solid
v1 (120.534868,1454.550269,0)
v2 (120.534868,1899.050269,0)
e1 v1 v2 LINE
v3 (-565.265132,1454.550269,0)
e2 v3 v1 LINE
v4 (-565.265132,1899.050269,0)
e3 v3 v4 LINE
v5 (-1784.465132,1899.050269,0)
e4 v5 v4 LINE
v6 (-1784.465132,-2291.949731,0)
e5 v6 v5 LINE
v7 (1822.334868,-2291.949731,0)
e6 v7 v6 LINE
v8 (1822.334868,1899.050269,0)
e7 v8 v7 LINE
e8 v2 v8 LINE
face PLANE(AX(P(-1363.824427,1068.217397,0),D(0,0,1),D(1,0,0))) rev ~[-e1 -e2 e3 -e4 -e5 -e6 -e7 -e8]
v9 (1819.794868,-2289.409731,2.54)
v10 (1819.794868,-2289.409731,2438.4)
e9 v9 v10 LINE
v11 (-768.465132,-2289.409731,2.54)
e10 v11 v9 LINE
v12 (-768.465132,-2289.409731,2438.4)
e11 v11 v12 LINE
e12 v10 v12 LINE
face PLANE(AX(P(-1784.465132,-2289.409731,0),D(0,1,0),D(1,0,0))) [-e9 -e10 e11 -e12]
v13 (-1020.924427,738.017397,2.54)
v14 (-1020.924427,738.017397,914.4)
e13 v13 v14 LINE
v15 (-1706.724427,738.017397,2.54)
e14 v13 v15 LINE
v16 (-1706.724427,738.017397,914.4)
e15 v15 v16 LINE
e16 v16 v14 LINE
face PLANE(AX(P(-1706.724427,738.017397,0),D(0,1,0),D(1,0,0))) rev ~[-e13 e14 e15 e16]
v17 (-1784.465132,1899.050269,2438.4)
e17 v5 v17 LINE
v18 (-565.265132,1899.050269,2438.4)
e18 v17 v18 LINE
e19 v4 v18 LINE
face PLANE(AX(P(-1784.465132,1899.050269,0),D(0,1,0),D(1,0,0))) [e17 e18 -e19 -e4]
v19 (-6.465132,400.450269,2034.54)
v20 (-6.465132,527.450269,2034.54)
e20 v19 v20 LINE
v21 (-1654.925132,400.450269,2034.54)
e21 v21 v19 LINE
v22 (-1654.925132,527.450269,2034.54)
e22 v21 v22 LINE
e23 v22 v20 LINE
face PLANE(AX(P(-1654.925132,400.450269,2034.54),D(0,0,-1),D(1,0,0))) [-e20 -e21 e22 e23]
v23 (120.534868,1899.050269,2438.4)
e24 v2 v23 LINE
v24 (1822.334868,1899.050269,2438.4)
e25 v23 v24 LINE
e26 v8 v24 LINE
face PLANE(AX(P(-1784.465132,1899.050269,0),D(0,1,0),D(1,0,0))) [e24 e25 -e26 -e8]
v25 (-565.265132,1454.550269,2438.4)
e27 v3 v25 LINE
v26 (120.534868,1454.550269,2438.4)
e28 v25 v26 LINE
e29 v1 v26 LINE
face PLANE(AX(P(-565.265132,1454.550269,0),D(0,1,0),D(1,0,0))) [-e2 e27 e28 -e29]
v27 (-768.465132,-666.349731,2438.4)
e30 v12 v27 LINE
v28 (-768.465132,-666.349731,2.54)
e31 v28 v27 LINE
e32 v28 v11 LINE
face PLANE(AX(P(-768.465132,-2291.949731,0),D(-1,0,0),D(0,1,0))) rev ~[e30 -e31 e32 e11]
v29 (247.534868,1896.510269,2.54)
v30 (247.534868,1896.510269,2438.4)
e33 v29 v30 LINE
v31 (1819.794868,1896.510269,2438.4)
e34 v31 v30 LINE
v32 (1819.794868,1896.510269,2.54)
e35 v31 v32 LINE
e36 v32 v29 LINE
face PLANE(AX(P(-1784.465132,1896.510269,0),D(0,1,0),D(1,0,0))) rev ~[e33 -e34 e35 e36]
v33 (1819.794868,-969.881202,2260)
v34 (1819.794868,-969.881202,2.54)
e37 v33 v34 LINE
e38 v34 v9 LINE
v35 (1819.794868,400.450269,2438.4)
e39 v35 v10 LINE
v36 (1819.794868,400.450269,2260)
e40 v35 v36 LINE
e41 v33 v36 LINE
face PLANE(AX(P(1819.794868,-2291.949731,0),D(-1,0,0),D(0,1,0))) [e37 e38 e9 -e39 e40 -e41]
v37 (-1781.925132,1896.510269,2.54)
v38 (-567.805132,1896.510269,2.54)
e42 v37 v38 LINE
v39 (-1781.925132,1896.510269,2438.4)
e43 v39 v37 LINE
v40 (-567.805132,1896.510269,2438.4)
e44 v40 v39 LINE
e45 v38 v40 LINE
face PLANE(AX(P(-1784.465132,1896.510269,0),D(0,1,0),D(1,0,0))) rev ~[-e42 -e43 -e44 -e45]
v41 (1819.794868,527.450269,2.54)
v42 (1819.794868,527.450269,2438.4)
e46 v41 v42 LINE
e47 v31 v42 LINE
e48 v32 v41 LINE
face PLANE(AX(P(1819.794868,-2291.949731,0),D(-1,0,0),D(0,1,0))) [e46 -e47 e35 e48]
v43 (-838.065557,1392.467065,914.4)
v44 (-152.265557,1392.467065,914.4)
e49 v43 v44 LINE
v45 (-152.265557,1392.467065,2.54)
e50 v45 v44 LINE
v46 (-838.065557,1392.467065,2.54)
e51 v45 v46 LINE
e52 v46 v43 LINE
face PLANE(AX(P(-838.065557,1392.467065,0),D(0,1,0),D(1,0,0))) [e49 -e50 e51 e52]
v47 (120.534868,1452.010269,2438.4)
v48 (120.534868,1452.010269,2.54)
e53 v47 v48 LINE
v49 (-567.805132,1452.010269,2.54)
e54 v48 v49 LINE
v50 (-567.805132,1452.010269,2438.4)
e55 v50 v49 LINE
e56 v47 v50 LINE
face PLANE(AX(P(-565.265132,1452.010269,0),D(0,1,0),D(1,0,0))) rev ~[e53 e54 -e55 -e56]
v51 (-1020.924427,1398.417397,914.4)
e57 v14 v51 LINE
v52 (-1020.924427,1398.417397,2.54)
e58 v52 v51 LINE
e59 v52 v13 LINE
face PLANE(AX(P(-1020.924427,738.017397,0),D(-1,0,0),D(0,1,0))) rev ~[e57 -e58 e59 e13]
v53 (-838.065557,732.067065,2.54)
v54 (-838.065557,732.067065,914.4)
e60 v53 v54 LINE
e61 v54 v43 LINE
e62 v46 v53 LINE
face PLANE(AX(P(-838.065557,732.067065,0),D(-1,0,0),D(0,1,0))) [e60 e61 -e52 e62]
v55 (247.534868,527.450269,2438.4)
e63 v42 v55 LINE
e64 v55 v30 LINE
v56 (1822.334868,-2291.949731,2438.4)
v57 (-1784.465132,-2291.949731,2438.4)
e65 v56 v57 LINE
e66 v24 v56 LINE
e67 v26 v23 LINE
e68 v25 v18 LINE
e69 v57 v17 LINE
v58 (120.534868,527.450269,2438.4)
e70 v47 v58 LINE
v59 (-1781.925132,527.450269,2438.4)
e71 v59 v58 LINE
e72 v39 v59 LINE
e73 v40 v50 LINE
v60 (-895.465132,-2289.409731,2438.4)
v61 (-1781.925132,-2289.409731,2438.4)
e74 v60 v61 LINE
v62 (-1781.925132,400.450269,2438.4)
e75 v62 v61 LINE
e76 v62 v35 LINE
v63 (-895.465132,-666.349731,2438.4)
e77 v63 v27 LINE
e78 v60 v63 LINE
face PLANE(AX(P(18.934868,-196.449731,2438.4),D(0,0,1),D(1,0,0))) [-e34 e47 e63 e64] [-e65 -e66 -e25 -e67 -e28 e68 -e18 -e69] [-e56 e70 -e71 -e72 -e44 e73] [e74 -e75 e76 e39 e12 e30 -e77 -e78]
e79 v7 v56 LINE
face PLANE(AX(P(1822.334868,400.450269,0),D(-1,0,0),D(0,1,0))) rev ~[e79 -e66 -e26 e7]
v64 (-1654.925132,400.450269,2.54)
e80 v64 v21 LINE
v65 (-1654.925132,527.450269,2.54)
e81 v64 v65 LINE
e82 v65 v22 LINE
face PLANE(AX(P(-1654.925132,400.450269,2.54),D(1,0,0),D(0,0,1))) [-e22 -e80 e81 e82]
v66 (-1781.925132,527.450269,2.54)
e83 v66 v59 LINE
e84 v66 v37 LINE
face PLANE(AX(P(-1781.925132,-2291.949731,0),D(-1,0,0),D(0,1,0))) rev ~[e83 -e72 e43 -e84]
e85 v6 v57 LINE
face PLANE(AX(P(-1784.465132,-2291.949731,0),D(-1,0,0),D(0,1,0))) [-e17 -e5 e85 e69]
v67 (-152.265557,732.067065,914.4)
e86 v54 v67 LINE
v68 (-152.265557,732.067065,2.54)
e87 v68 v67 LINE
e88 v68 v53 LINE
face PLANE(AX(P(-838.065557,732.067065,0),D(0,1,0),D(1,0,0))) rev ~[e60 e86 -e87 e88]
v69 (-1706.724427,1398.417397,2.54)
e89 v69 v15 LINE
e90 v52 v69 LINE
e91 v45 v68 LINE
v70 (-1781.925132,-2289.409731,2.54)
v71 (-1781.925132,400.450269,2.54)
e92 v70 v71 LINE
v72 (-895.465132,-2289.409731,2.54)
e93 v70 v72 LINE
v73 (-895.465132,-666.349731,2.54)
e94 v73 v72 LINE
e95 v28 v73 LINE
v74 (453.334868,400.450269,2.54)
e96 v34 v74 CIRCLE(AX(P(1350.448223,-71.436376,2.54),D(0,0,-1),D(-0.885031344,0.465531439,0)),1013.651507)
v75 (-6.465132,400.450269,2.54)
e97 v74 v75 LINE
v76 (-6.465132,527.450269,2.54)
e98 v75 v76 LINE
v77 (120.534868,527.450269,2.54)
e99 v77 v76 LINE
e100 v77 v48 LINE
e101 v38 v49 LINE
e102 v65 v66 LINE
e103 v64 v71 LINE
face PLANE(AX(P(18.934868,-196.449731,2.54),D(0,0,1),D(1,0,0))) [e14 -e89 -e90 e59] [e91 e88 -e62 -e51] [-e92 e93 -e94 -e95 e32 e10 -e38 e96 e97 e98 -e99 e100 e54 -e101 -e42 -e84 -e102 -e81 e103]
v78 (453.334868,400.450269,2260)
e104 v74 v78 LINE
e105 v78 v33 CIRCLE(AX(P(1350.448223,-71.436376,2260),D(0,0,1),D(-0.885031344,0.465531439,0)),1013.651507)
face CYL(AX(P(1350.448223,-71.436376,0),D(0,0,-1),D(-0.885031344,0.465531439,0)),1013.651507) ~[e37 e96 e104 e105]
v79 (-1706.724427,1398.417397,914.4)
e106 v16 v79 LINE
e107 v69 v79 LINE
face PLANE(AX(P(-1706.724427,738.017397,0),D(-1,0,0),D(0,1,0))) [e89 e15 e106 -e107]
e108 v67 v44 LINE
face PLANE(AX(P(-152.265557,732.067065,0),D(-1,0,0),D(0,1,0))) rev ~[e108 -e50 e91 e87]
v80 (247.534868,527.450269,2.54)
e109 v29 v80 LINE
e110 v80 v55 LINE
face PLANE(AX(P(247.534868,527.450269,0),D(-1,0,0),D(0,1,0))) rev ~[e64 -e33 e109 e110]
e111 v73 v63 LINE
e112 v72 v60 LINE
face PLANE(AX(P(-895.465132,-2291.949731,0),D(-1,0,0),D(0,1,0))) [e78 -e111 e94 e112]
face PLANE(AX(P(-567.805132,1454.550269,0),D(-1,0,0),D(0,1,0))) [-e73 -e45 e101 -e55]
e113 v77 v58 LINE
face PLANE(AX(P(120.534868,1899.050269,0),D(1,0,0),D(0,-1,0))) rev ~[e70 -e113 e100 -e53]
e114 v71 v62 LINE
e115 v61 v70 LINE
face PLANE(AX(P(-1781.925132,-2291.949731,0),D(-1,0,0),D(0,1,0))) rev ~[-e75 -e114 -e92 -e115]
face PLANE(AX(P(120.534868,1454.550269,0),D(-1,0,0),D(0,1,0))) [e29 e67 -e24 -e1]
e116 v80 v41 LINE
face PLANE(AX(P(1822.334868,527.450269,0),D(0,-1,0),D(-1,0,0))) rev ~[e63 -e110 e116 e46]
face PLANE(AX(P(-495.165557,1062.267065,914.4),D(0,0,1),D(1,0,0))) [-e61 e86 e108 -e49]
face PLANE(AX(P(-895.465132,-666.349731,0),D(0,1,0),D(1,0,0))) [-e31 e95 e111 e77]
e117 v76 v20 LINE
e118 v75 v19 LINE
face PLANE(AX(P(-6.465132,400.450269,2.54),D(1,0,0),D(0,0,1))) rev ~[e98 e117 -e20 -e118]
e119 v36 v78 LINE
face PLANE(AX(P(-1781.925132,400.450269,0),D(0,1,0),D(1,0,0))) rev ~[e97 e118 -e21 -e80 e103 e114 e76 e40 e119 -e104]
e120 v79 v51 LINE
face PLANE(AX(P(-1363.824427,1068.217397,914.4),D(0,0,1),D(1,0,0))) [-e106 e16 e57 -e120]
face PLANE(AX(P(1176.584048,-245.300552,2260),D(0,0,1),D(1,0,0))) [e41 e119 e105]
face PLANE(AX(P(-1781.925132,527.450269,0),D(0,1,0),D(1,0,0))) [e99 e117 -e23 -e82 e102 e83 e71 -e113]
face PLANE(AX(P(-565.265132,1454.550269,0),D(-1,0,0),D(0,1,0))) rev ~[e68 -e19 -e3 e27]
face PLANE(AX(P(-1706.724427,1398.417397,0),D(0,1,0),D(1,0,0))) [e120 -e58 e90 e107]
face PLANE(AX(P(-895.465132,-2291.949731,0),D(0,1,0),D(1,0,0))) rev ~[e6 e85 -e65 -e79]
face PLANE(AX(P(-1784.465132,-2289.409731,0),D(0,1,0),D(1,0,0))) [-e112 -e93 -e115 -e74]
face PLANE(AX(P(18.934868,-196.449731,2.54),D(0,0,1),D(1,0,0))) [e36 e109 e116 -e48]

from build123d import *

# Parameters (mm, degrees)
F0_W      = 3606.8
F0_H      = 4191
F3_DEPTH  = 2438.4
F1_W      = 685.8
F1_H      = 444.5
F4_DEPTH  = 2438.4
F5_T      = -2.54
F6_DEPTH  = 2260
F7_W      = 127
F7_H      = 1625.6
F8_DEPTH  = 2438.4
F9_W      = 685.8
F9_H      = 660.4
F10_DEPTH = 914.4
F11_W     = 127
F11_H     = 1371.6
F11_W_2   = 1902.46
F11_H_2   = 127
F12_DEPTH = 2438.4
F13_W     = 1648.46
F13_H     = 2032
F14_DEPTH = 127


with BuildPart() as f3:
    # F0 (on Top) → F3 (new body)
    with BuildSketch(Plane.XY):
        with Locations((18.9348682761, -196.4497311732)):
            Rectangle(F0_W, F0_H)
    extrude(amount=F3_DEPTH)

    # F1 (on Top) → F4 (cut)
    with BuildSketch(Plane.XY):
        with Locations((-222.3651317239, 1676.8002688268)):
            Rectangle(F1_W, F1_H)
    extrude(amount=F4_DEPTH, mode=Mode.SUBTRACT)

    # F5
    f5_openings = [f3.faces().sort_by_distance(p)[0] for p in [
        (23.901186, -235.004043, 2438.4),
    ]]
    offset(amount=F5_T, openings=f5_openings, kind=Kind.INTERSECTION)

    # F2 (on Top) → F6 (join)
    with BuildSketch(Plane.XY):
        with BuildLine():
            Line((1822.3348682761, -968.5497311732), (1822.3348682761, 400.4502688268))
            Line((1822.3348682761, 400.4502688268), (453.3348682761, 400.4502688268))
            ThreePointArc((453.3348682761, 400.4502688268), (633.6883691015, -788.1962303477), (1822.3348682761, -968.5497311732))
        make_face()
    extrude(amount=F6_DEPTH)

    # F7 (on Top) → F8 (join)
    with BuildSketch(Plane.XY):
        with Locations((-831.9651317239, -1479.1497311732)):
            Rectangle(F7_W, F7_H)
    extrude(amount=F8_DEPTH)

    # F9 (on Top) → F10 (join)
    with BuildSketch(Plane.XY):
        with Locations((-1363.8244271278, 1068.2173974498)):
            Rectangle(F9_W, F9_H)
        with Locations((-495.1655566692, 1062.2670650482)):
            Rectangle(F9_W, F9_H)
    extrude(amount=F10_DEPTH)

    # F11 (on Top) → F12 (join)
    with BuildSketch(Plane.XY):
        with Locations((184.0348682761, 1213.2502688268)):
            Rectangle(F11_W, F11_H)
        Polygon((247.5348682761, 527.4502688268), (120.5348682761, 527.4502688268), (120.5348682761, 400.4502688268), (1822.3348682761, 400.4502688268), (1822.3348682761, 527.4502688268), align=None)
        with Locations((-830.6951317239, 463.9502688268)):
            Rectangle(F11_W_2, F11_H_2)
    extrude(amount=F12_DEPTH)

    # F13 (on face) → F14 (cut)
    with BuildSketch(Plane.XZ.offset(-400.4502688268)):
        with Locations((-830.6951317239, 1018.54)):
            Rectangle(F13_W, F13_H)
    extrude(amount=-F14_DEPTH, mode=Mode.SUBTRACT)


solid = f3.part
